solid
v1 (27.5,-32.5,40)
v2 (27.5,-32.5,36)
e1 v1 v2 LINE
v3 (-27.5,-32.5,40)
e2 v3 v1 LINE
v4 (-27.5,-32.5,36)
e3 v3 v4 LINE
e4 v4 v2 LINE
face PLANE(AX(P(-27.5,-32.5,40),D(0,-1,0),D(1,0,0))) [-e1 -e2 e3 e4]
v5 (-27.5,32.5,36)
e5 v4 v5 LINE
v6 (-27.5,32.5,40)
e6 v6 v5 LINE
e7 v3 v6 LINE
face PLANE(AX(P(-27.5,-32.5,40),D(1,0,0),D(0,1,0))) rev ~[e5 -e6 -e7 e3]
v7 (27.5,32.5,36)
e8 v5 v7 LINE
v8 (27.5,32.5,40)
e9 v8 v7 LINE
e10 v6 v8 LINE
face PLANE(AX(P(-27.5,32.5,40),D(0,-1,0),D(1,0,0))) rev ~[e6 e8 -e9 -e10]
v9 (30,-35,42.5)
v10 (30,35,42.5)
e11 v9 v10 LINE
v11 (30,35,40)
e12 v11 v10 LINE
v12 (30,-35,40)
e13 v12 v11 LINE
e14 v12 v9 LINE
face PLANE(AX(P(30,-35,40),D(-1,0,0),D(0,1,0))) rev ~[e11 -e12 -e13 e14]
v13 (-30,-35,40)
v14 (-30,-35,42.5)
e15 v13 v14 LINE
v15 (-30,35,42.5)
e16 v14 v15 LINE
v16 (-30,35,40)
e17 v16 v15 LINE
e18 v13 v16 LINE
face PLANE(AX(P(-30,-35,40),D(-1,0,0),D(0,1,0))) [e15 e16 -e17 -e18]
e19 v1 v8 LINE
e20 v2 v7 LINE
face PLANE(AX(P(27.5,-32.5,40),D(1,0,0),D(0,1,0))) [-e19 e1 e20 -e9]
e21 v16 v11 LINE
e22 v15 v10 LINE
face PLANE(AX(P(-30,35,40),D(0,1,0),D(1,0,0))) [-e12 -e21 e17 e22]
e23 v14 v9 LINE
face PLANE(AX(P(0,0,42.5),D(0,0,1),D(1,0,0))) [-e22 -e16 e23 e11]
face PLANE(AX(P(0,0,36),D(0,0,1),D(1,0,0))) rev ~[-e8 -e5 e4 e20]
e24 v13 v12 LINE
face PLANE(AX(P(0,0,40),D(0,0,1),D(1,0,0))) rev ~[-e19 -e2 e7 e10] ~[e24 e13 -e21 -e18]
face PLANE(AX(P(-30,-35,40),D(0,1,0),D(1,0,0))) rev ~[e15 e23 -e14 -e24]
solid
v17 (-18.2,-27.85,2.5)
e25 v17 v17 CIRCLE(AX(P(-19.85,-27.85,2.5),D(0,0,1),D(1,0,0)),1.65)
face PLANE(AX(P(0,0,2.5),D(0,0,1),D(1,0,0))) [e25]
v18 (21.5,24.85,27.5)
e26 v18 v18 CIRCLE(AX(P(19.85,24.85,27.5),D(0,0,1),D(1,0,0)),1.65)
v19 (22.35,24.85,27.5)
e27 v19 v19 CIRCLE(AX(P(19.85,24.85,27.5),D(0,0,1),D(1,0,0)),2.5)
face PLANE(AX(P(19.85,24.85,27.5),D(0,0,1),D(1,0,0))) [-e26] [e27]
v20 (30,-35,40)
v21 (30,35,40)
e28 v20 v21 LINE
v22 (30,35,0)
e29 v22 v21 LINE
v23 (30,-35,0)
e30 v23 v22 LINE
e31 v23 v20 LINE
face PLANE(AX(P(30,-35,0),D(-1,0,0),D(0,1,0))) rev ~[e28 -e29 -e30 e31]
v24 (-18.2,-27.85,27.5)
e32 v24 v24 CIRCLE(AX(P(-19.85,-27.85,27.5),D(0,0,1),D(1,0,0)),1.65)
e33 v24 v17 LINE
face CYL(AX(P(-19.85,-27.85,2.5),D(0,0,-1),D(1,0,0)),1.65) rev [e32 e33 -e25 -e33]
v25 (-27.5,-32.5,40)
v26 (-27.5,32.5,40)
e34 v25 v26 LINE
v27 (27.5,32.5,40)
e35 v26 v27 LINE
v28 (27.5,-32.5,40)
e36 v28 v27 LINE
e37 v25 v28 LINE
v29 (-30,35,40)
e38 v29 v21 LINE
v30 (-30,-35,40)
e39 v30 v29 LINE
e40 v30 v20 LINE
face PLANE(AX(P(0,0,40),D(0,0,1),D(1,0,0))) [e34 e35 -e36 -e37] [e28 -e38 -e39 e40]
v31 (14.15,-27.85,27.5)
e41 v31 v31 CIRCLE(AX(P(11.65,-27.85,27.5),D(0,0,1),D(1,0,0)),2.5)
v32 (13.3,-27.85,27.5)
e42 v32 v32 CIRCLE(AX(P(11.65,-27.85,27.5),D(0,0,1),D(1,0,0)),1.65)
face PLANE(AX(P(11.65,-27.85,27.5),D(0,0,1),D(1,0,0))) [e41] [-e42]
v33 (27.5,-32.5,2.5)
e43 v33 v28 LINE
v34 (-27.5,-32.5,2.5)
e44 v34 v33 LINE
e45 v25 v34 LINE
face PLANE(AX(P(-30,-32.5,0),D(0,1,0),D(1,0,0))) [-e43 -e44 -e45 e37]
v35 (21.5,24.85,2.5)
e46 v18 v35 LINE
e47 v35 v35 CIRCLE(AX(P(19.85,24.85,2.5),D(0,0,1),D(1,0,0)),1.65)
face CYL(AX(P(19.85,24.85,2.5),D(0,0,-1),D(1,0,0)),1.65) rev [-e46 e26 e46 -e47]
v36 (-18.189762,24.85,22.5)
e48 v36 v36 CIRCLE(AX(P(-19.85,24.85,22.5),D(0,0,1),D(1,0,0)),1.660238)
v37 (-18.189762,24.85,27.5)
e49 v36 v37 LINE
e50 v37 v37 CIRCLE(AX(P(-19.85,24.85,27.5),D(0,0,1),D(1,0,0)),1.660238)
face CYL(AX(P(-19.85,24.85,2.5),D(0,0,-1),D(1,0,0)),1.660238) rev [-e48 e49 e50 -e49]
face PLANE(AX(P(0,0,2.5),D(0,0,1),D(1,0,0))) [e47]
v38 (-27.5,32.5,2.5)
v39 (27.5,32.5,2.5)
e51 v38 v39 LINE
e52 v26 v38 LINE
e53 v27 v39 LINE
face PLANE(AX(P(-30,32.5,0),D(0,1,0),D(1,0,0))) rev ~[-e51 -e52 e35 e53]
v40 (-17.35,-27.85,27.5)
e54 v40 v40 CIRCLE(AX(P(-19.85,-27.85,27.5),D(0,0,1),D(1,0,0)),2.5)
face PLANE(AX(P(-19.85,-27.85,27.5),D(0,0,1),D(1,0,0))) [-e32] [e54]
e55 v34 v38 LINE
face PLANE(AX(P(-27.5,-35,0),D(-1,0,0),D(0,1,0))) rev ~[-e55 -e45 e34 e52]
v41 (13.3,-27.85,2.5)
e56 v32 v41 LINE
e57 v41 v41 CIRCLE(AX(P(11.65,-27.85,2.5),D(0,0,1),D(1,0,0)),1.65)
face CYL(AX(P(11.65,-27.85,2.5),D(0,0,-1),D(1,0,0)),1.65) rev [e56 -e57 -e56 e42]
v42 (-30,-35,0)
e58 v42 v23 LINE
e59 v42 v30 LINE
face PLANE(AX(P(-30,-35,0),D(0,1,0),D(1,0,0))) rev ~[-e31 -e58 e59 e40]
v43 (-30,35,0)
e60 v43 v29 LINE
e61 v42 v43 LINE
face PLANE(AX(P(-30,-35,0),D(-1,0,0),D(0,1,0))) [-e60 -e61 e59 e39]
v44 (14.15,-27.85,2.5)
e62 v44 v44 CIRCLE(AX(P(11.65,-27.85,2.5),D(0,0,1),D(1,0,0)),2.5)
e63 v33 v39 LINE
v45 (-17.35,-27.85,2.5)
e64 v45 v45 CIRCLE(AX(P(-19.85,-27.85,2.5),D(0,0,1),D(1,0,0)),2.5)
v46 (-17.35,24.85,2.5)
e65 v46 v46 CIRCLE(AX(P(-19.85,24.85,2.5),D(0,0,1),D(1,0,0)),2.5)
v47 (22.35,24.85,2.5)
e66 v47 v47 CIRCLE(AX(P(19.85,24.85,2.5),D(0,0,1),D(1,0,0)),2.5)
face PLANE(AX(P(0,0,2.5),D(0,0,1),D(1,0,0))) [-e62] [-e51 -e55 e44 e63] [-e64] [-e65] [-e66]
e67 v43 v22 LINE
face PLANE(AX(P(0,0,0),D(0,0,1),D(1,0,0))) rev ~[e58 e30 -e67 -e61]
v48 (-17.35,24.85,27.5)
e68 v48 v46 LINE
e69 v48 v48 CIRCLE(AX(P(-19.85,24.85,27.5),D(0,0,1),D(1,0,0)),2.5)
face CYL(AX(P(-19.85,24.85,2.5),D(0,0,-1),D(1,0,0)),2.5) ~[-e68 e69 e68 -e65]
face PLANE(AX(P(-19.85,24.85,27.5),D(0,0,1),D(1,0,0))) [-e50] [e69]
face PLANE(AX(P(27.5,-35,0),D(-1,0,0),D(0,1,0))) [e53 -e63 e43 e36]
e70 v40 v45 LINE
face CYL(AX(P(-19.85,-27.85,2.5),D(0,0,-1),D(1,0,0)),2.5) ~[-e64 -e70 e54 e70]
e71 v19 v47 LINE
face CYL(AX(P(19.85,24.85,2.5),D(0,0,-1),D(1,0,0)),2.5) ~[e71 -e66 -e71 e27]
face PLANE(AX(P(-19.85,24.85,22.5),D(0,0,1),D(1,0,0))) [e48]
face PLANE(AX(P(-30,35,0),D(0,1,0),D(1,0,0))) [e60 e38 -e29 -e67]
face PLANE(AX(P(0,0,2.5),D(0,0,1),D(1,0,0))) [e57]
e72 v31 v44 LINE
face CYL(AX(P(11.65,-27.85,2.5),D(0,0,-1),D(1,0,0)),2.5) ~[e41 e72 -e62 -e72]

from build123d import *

# Parameters (mm, degrees)
F0_W      = 60
F0_H      = 70
F1_DEPTH  = 40
F2_T      = -2.5
F3_W      = 60
F3_H      = 70
F3_W_2    = 55
F3_H_2    = 65
F4_DEPTH  = 2.5
F5_DEPTH  = 4
F6_R      = 2.5
F6_R_2    = 1.6602380345
F6_R_3    = 1.65
F7_DEPTH  = 25
F7_FACE_R = 1.6602380345
F8_DEPTH  = 20


with BuildPart() as f1:
    # F0 (on Top) → F1 (new body)
    with BuildSketch(Plane.XY):
        Rectangle(F0_W, F0_H)
    extrude(amount=F1_DEPTH)

    # F2
    f2_openings = [f1.faces().sort_by_distance(p)[0] for p in [
        (0, 0, 40),
    ]]
    offset(amount=F2_T, openings=f2_openings)

    # F6 (on face) → F7 (join)
    with BuildSketch(Plane.XY.offset(2.5)):
        with Locations((-19.85, 24.85)):
            Circle(F6_R)
        with Locations((-19.85, 24.85)):
            Circle(F6_R_2, mode=Mode.SUBTRACT)
        with Locations((19.85, 24.85)):
            Circle(F6_R)
        with Locations((19.85, 24.85)):
            Circle(F6_R_3, mode=Mode.SUBTRACT)
        with Locations((-19.85, -27.85)):
            Circle(F6_R)
        with Locations((-19.85, -27.85)):
            Circle(F6_R_3, mode=Mode.SUBTRACT)
        with Locations((11.65, -27.85)):
            Circle(F6_R)
        with Locations((11.65, -27.85)):
            Circle(F6_R_3, mode=Mode.SUBTRACT)
    extrude(amount=F7_DEPTH)

    # F6 (on face) + F7_face (on face) → F8 (join)
    with BuildSketch(Plane.XY.offset(2.5)):
        with Locations((-19.85, 24.85)):
            Circle(F6_R)
        with Locations((-19.85, 24.85)):
            Circle(F6_R_2, mode=Mode.SUBTRACT)
        with Locations((19.85, 24.85)):
            Circle(F6_R)
        with Locations((19.85, 24.85)):
            Circle(F6_R_3, mode=Mode.SUBTRACT)
        with Locations((-19.85, -27.85)):
            Circle(F6_R)
        with Locations((-19.85, -27.85)):
            Circle(F6_R_3, mode=Mode.SUBTRACT)
        with Locations((11.65, -27.85)):
            Circle(F6_R)
        with Locations((11.65, -27.85)):
            Circle(F6_R_3, mode=Mode.SUBTRACT)
    with BuildSketch(Plane(origin=(-19.85, 24.85, 2.5), x_dir=(1, 0, 0), z_dir=(0, 0, 1))):
        Circle(F7_FACE_R)
    extrude(amount=F8_DEPTH)


with BuildPart() as f4:
    # F3 (on face) → F4 (new body)
    with BuildSketch(Plane.XY.offset(40)):
        Rectangle(F3_W, F3_H)
        Rectangle(F3_W_2, F3_H_2, mode=Mode.SUBTRACT)
        Rectangle(F3_W_2, F3_H_2)
    extrude(amount=F4_DEPTH)

    # F3 (on face) → F5 (join)
    with BuildSketch(Plane.XY.offset(40)):
        Rectangle(F3_W_2, F3_H_2)
    extrude(amount=-F5_DEPTH)


solid = Compound([f1.part, f4.part])
